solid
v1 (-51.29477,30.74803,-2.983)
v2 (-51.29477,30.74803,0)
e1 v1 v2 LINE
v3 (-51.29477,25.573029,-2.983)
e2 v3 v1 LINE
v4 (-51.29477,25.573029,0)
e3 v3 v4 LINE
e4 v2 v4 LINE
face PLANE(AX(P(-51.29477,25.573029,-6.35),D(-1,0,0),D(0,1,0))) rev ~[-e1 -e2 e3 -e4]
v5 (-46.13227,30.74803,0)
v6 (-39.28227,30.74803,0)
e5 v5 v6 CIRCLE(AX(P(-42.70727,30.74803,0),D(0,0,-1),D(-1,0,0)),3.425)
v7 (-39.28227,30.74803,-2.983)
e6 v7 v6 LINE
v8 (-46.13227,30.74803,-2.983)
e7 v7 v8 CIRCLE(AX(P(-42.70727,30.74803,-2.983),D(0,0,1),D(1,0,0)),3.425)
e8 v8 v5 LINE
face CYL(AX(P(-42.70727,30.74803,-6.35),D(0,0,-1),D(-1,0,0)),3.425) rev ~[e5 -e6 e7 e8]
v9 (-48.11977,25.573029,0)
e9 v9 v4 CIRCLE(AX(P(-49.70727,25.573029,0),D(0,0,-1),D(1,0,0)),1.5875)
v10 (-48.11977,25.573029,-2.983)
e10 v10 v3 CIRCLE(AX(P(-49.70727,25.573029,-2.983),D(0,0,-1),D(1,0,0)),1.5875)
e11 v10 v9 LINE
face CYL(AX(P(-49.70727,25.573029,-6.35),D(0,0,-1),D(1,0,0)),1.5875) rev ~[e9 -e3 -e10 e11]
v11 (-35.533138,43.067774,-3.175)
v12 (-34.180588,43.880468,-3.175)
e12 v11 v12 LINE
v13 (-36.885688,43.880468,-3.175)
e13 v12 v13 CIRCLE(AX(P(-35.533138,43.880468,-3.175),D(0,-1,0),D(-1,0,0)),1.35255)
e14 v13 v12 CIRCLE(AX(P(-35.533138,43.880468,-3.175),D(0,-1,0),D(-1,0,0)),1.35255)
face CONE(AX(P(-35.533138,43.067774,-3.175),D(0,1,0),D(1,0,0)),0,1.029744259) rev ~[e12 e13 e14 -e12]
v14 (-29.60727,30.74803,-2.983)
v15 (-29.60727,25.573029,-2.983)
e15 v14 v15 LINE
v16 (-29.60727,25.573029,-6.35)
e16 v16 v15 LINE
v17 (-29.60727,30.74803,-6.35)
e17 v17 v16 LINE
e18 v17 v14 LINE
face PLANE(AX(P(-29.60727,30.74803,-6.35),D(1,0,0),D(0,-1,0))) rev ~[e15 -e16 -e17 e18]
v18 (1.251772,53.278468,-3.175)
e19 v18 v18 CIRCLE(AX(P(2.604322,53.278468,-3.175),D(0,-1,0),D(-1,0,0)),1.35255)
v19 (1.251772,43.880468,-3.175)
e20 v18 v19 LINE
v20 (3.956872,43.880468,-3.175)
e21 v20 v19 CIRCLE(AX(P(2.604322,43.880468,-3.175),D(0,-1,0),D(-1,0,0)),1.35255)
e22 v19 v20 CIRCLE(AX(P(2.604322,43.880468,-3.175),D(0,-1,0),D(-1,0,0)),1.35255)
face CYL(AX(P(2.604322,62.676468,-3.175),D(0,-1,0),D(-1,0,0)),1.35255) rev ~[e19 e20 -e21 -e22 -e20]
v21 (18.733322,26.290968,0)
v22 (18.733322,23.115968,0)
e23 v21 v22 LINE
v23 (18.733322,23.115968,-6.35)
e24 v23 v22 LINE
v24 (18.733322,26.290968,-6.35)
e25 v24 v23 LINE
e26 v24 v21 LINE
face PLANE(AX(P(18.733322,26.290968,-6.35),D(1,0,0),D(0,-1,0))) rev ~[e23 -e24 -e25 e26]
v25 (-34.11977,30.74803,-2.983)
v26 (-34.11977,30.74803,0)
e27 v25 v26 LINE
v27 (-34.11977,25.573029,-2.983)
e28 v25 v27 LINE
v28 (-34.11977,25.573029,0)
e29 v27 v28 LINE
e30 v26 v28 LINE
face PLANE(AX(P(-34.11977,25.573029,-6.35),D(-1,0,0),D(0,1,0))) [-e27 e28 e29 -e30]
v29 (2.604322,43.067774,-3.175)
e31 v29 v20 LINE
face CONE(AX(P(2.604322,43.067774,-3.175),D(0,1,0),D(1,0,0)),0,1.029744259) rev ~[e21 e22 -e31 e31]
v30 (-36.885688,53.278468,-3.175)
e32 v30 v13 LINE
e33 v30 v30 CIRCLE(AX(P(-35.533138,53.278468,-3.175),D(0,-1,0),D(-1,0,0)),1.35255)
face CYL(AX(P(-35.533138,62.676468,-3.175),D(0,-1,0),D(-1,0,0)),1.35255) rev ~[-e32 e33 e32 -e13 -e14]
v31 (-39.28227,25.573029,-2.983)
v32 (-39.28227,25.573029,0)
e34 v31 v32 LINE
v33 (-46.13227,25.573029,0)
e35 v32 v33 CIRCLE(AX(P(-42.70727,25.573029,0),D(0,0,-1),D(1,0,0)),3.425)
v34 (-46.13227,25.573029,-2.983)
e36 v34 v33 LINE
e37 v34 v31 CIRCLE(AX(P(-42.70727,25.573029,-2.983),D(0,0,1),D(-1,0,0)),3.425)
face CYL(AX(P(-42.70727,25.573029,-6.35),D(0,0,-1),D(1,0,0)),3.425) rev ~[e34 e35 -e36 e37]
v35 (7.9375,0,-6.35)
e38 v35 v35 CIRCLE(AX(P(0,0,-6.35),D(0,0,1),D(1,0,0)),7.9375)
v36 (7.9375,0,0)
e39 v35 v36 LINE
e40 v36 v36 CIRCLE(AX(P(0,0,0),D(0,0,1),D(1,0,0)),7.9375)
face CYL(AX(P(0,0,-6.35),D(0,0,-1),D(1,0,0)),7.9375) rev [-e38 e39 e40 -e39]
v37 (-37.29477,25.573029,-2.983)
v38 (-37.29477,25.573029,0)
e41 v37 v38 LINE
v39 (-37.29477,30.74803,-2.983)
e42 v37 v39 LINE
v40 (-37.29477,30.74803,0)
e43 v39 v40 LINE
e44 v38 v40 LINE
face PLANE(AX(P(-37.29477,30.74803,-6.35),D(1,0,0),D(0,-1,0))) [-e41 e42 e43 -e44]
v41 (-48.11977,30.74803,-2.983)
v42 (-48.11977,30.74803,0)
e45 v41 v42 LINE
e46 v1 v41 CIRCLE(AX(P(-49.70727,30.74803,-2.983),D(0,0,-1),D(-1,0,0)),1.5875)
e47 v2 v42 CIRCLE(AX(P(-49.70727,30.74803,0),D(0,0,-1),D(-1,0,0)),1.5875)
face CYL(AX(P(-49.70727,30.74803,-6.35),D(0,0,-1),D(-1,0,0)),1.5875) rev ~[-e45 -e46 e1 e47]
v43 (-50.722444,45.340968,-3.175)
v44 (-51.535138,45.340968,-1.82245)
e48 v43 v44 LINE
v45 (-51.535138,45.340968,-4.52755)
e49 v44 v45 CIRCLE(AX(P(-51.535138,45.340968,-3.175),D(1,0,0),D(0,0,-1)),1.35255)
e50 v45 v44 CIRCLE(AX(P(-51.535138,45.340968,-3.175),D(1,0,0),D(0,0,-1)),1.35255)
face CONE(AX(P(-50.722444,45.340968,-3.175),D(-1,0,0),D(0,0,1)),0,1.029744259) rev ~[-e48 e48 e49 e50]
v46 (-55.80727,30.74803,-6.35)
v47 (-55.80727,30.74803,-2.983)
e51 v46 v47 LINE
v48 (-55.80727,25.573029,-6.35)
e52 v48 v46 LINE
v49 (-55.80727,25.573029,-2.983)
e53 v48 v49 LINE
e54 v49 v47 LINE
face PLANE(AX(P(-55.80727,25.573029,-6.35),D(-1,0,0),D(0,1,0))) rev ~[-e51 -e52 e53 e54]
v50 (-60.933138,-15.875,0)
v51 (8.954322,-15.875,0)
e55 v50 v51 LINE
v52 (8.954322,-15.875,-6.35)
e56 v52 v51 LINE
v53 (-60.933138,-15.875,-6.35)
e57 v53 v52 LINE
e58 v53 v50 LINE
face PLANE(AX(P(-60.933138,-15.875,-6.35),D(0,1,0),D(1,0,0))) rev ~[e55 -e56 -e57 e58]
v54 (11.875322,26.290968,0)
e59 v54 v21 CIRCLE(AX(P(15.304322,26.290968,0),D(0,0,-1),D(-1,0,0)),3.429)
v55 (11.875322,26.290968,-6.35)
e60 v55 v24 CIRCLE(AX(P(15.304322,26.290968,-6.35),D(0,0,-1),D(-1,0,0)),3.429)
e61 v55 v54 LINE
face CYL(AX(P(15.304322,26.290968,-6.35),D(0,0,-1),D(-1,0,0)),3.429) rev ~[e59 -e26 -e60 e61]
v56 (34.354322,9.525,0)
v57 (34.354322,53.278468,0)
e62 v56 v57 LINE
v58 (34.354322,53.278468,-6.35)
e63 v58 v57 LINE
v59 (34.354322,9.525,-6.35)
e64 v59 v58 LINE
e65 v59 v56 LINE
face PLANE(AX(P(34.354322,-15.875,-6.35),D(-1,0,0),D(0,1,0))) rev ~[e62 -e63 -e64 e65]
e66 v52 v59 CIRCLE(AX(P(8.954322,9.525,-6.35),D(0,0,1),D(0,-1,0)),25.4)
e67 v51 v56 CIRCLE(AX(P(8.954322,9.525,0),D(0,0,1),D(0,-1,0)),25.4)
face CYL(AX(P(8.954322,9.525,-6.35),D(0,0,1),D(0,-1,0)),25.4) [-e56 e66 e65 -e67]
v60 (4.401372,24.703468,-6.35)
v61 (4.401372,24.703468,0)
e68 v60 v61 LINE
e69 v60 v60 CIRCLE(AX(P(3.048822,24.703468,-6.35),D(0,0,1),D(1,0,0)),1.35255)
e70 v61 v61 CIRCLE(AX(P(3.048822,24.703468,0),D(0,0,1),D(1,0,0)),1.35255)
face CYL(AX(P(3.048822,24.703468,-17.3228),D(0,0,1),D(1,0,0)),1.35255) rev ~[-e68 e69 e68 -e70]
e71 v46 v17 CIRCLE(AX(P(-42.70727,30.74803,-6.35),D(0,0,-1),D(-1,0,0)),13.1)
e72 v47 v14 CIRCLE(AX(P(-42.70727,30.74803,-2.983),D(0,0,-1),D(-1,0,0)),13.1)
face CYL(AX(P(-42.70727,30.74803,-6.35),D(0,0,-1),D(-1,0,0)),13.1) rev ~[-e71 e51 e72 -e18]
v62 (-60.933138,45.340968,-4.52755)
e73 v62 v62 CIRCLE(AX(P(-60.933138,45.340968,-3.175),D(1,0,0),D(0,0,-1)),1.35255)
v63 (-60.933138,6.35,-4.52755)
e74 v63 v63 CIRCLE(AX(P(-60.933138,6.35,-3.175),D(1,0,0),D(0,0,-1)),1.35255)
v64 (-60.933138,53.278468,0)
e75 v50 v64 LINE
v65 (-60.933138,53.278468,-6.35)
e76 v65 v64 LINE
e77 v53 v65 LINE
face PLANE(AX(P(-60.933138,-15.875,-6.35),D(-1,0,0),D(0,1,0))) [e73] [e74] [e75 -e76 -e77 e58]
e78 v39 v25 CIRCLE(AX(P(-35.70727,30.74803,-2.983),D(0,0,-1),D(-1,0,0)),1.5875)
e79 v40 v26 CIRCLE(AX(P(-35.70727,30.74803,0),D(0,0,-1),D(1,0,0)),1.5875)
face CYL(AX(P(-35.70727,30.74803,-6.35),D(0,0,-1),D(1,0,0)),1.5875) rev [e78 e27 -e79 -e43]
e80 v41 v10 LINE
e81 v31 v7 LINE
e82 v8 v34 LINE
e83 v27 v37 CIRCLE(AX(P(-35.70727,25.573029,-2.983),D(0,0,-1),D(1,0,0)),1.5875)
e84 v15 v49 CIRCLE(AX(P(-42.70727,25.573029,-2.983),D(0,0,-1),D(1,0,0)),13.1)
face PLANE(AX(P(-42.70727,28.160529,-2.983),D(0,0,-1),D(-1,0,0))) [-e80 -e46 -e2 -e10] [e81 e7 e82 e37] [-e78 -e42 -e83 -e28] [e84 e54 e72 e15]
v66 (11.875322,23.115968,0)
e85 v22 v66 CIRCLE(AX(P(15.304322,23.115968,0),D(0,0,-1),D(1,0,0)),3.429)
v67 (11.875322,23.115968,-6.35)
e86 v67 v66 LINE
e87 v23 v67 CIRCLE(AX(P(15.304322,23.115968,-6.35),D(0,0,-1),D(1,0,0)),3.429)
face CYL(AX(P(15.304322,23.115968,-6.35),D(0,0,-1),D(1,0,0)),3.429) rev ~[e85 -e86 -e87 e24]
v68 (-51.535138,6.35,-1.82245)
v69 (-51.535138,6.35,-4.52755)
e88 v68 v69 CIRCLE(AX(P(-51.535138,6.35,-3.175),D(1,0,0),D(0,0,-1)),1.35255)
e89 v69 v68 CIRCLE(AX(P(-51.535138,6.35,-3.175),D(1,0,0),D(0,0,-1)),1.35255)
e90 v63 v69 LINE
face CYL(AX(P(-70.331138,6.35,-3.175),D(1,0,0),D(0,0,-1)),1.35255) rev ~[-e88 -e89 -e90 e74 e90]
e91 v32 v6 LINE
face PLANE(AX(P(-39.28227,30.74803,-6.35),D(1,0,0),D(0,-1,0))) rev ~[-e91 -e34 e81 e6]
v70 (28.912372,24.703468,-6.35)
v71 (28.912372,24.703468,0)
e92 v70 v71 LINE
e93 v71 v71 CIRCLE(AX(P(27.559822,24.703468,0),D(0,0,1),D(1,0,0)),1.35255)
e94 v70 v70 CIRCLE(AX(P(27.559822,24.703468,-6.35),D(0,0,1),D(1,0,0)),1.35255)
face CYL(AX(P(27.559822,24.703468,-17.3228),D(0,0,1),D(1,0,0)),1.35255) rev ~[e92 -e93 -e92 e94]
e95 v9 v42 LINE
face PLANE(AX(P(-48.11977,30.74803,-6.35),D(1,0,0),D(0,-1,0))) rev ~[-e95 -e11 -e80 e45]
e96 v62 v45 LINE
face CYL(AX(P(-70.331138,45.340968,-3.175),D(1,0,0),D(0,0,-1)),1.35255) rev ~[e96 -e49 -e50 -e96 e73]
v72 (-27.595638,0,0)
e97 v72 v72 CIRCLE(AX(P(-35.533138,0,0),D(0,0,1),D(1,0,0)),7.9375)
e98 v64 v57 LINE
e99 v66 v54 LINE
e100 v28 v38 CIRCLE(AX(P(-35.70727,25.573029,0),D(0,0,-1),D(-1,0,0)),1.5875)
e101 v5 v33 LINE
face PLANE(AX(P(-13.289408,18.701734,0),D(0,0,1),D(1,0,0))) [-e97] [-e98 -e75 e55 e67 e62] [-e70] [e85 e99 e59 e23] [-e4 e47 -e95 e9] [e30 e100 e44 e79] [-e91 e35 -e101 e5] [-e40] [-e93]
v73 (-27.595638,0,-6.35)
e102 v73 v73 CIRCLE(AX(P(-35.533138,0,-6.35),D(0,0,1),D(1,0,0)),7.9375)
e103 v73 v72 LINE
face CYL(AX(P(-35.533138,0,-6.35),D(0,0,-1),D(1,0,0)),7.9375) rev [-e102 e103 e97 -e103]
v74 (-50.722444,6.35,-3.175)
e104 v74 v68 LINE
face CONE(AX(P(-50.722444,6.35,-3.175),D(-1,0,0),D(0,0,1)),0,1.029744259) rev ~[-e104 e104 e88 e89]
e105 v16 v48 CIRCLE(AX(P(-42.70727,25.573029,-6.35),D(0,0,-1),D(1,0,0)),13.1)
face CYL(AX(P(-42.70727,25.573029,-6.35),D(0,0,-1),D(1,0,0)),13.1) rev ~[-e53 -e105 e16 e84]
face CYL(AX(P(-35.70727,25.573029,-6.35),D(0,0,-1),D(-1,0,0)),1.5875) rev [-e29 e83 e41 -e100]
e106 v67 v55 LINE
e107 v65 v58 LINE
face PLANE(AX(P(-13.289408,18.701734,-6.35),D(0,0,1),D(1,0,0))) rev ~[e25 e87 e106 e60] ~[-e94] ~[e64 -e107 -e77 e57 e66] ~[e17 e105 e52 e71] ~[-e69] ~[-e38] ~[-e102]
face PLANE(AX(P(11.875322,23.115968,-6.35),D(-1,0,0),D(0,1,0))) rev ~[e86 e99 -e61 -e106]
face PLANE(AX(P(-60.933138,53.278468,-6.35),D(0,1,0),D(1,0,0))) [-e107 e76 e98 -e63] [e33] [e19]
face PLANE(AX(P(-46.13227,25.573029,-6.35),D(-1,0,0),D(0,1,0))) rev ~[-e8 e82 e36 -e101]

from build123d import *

# Parameters (mm, degrees)
SKETCH1_W                 = 95.287460045
SKETCH1_H                 = 69.153467802
SKETCH1_R                 = 7.9375
BOSS_EXTRUDE1_DEPTH       = 6.35
FILLET1_R                 = 25.4
F_6_32_TAPPED_HOLE1_D     = 2.7051
F_6_32_TAPPED_HOLE1_DEPTH = 10.9728
F_6_32_TAPPED_HOLE1_TIP   = 0.81269403
CUT_EXTRUDE2_DEPTH        = 82.189684793
CUT_EXTRUDE1_DEPTH        = 3.367
F_6_32_TAPPED_HOLE2_D     = 2.7051
F_6_32_TAPPED_HOLE2_DEPTH = 9.398
F_6_32_TAPPED_HOLE2_TIP   = 0.81269403
F_6_32_TAPPED_HOLE3_D     = 2.7051
F_6_32_TAPPED_HOLE3_DEPTH = 9.398
F_6_32_TAPPED_HOLE3_TIP   = 0.81269403


with BuildPart() as part:
    # Sketch1 → Boss-Extrude1 (new body)
    with BuildSketch(Plane.XY.offset(-6.35)):
        with Locations((-13.289407805, 18.701733901)):
            Rectangle(SKETCH1_W, SKETCH1_H)
        with Locations((-35.533137827, 0)):
            Circle(SKETCH1_R, mode=Mode.SUBTRACT)
        Circle(SKETCH1_R, mode=Mode.SUBTRACT)
        with BuildLine():
            Line((11.875322218, 23.115967802), (11.875322218, 26.290967802))
            ThreePointArc((11.875322218, 26.290967802), (15.304322218, 29.719967802), (18.733322218, 26.290967802))
            Line((18.733322218, 26.290967802), (18.733322218, 23.115967802))
            ThreePointArc((18.733322218, 23.115967802), (15.304322218, 19.686967802), (11.875322218, 23.115967802))
        make_face(mode=Mode.SUBTRACT)
    extrude(amount=BOSS_EXTRUDE1_DEPTH)

    # Fillet1
    fillet1_edges = [part.edges().sort_by_distance(p)[0] for p in [
        (34.354322218, -15.875, -3.175),
    ]]
    fillet(fillet1_edges, radius=FILLET1_R)

    # #6-32 Tapped Hole1
    with Locations(Plane(origin=(0, 0, -6.35), x_dir=(-1, 0, 0), z_dir=(0, 0, -1))):
        with Locations((-27.559822218, 24.703467802), (-3.048822218, 24.703467802)):
            Hole(F_6_32_TAPPED_HOLE1_D / 2, depth=F_6_32_TAPPED_HOLE1_DEPTH)
            with Locations((0, 0, -(F_6_32_TAPPED_HOLE1_DEPTH + F_6_32_TAPPED_HOLE1_TIP / 2))):  # 118° drill point
                Cone(0, F_6_32_TAPPED_HOLE1_D / 2, F_6_32_TAPPED_HOLE1_TIP, mode=Mode.SUBTRACT)

    # Sketch4<3> → Cut-Extrude2 (cut, through all)
    with BuildSketch(Plane(origin=(0, 0, -6.35), x_dir=(-1, 0, 0), z_dir=(0, 0, -1))):
        with BuildLine():
            Line((39.282270444, 30.74802952), (39.282270444, 25.573029456))
            ThreePointArc((39.282270444, 25.573029456), (42.707270452, 22.148029448), (46.13227046, 25.573029456))
            Line((46.13227046, 25.573029456), (46.13227046, 30.74802952))
            ThreePointArc((46.13227046, 30.74802952), (42.707270452, 34.173029528), (39.282270444, 30.74802952))
        make_face()
        with BuildLine():
            Line((48.119770452, 30.74802952), (48.119770452, 25.573029456))
            ThreePointArc((48.119770452, 25.573029456), (49.707270452, 23.985529456), (51.294770452, 25.573029456))
            Line((51.294770452, 25.573029456), (51.294770452, 30.74802952))
            ThreePointArc((51.294770452, 30.74802952), (49.707270452, 32.33552952), (48.119770452, 30.74802952))
        make_face()
        with BuildLine():
            Line((37.294770452, 30.74802952), (37.294770452, 25.573029456))
            ThreePointArc((37.294770452, 25.573029456), (35.707270452, 23.985529456), (34.119770452, 25.573029456))
            Line((34.119770452, 25.573029456), (34.119770452, 30.74802952))
            ThreePointArc((34.119770452, 30.74802952), (35.707270452, 32.33552952), (37.294770452, 30.74802952))
        make_face()
    extrude(amount=-CUT_EXTRUDE2_DEPTH, mode=Mode.SUBTRACT)

    # Sketch4 → Cut-Extrude1 (cut)
    with BuildSketch(Plane(origin=(0, 0, -6.35), x_dir=(-1, 0, 0), z_dir=(0, 0, -1))):
        with BuildLine():
            Line((29.607270452, 30.74802952), (29.607270452, 25.573029456))
            ThreePointArc((29.607270452, 25.573029456), (42.707270452, 12.473029456), (55.807270452, 25.573029456))
            Line((55.807270452, 25.573029456), (55.807270452, 30.74802952))
            ThreePointArc((55.807270452, 30.74802952), (42.707270452, 43.84802952), (29.607270452, 30.74802952))
        make_face()
        with BuildLine():
            Line((46.13227046, 30.74802952), (46.13227046, 25.573029456))
            ThreePointArc((46.13227046, 25.573029456), (42.707270452, 22.148029448), (39.282270444, 25.573029456))
            Line((39.282270444, 25.573029456), (39.282270444, 30.74802952))
            ThreePointArc((39.282270444, 30.74802952), (42.707270452, 34.173029528), (46.13227046, 30.74802952))
        make_face(mode=Mode.SUBTRACT)
        with BuildLine():
            Line((34.119770452, 30.74802952), (34.119770452, 25.573029456))
            ThreePointArc((34.119770452, 25.573029456), (35.707270452, 23.985529456), (37.294770452, 25.573029456))
            Line((37.294770452, 25.573029456), (37.294770452, 30.74802952))
            ThreePointArc((37.294770452, 30.74802952), (35.707270452, 32.33552952), (34.119770452, 30.74802952))
        make_face(mode=Mode.SUBTRACT)
        with BuildLine():
            Line((48.119770452, 30.74802952), (48.119770452, 25.573029456))
            ThreePointArc((48.119770452, 25.573029456), (49.707270452, 23.985529456), (51.294770452, 25.573029456))
            Line((51.294770452, 25.573029456), (51.294770452, 30.74802952))
            ThreePointArc((51.294770452, 30.74802952), (49.707270452, 32.33552952), (48.119770452, 30.74802952))
        make_face(mode=Mode.SUBTRACT)
    extrude(amount=-CUT_EXTRUDE1_DEPTH, mode=Mode.SUBTRACT)

    # #6-32 Tapped Hole2
    with Locations(Plane(origin=(0, 53.278467802, 0), x_dir=(1, 0, 0), z_dir=(0, 1, 0))):
        with Locations((-35.533137827, 3.175), (2.604322218, 3.175)):
            Hole(F_6_32_TAPPED_HOLE2_D / 2, depth=F_6_32_TAPPED_HOLE2_DEPTH)
            with Locations((0, 0, -(F_6_32_TAPPED_HOLE2_DEPTH + F_6_32_TAPPED_HOLE2_TIP / 2))):  # 118° drill point
                Cone(0, F_6_32_TAPPED_HOLE2_D / 2, F_6_32_TAPPED_HOLE2_TIP, mode=Mode.SUBTRACT)

    # #6-32 Tapped Hole3
    with Locations(Plane.ZY.offset(60.933137827)):
        with Locations((-3.175, 6.35), (-3.175, 45.340967802)):
            Hole(F_6_32_TAPPED_HOLE3_D / 2, depth=F_6_32_TAPPED_HOLE3_DEPTH)
            with Locations((0, 0, -(F_6_32_TAPPED_HOLE3_DEPTH + F_6_32_TAPPED_HOLE3_TIP / 2))):  # 118° drill point
                Cone(0, F_6_32_TAPPED_HOLE3_D / 2, F_6_32_TAPPED_HOLE3_TIP, mode=Mode.SUBTRACT)


solid = part.part
